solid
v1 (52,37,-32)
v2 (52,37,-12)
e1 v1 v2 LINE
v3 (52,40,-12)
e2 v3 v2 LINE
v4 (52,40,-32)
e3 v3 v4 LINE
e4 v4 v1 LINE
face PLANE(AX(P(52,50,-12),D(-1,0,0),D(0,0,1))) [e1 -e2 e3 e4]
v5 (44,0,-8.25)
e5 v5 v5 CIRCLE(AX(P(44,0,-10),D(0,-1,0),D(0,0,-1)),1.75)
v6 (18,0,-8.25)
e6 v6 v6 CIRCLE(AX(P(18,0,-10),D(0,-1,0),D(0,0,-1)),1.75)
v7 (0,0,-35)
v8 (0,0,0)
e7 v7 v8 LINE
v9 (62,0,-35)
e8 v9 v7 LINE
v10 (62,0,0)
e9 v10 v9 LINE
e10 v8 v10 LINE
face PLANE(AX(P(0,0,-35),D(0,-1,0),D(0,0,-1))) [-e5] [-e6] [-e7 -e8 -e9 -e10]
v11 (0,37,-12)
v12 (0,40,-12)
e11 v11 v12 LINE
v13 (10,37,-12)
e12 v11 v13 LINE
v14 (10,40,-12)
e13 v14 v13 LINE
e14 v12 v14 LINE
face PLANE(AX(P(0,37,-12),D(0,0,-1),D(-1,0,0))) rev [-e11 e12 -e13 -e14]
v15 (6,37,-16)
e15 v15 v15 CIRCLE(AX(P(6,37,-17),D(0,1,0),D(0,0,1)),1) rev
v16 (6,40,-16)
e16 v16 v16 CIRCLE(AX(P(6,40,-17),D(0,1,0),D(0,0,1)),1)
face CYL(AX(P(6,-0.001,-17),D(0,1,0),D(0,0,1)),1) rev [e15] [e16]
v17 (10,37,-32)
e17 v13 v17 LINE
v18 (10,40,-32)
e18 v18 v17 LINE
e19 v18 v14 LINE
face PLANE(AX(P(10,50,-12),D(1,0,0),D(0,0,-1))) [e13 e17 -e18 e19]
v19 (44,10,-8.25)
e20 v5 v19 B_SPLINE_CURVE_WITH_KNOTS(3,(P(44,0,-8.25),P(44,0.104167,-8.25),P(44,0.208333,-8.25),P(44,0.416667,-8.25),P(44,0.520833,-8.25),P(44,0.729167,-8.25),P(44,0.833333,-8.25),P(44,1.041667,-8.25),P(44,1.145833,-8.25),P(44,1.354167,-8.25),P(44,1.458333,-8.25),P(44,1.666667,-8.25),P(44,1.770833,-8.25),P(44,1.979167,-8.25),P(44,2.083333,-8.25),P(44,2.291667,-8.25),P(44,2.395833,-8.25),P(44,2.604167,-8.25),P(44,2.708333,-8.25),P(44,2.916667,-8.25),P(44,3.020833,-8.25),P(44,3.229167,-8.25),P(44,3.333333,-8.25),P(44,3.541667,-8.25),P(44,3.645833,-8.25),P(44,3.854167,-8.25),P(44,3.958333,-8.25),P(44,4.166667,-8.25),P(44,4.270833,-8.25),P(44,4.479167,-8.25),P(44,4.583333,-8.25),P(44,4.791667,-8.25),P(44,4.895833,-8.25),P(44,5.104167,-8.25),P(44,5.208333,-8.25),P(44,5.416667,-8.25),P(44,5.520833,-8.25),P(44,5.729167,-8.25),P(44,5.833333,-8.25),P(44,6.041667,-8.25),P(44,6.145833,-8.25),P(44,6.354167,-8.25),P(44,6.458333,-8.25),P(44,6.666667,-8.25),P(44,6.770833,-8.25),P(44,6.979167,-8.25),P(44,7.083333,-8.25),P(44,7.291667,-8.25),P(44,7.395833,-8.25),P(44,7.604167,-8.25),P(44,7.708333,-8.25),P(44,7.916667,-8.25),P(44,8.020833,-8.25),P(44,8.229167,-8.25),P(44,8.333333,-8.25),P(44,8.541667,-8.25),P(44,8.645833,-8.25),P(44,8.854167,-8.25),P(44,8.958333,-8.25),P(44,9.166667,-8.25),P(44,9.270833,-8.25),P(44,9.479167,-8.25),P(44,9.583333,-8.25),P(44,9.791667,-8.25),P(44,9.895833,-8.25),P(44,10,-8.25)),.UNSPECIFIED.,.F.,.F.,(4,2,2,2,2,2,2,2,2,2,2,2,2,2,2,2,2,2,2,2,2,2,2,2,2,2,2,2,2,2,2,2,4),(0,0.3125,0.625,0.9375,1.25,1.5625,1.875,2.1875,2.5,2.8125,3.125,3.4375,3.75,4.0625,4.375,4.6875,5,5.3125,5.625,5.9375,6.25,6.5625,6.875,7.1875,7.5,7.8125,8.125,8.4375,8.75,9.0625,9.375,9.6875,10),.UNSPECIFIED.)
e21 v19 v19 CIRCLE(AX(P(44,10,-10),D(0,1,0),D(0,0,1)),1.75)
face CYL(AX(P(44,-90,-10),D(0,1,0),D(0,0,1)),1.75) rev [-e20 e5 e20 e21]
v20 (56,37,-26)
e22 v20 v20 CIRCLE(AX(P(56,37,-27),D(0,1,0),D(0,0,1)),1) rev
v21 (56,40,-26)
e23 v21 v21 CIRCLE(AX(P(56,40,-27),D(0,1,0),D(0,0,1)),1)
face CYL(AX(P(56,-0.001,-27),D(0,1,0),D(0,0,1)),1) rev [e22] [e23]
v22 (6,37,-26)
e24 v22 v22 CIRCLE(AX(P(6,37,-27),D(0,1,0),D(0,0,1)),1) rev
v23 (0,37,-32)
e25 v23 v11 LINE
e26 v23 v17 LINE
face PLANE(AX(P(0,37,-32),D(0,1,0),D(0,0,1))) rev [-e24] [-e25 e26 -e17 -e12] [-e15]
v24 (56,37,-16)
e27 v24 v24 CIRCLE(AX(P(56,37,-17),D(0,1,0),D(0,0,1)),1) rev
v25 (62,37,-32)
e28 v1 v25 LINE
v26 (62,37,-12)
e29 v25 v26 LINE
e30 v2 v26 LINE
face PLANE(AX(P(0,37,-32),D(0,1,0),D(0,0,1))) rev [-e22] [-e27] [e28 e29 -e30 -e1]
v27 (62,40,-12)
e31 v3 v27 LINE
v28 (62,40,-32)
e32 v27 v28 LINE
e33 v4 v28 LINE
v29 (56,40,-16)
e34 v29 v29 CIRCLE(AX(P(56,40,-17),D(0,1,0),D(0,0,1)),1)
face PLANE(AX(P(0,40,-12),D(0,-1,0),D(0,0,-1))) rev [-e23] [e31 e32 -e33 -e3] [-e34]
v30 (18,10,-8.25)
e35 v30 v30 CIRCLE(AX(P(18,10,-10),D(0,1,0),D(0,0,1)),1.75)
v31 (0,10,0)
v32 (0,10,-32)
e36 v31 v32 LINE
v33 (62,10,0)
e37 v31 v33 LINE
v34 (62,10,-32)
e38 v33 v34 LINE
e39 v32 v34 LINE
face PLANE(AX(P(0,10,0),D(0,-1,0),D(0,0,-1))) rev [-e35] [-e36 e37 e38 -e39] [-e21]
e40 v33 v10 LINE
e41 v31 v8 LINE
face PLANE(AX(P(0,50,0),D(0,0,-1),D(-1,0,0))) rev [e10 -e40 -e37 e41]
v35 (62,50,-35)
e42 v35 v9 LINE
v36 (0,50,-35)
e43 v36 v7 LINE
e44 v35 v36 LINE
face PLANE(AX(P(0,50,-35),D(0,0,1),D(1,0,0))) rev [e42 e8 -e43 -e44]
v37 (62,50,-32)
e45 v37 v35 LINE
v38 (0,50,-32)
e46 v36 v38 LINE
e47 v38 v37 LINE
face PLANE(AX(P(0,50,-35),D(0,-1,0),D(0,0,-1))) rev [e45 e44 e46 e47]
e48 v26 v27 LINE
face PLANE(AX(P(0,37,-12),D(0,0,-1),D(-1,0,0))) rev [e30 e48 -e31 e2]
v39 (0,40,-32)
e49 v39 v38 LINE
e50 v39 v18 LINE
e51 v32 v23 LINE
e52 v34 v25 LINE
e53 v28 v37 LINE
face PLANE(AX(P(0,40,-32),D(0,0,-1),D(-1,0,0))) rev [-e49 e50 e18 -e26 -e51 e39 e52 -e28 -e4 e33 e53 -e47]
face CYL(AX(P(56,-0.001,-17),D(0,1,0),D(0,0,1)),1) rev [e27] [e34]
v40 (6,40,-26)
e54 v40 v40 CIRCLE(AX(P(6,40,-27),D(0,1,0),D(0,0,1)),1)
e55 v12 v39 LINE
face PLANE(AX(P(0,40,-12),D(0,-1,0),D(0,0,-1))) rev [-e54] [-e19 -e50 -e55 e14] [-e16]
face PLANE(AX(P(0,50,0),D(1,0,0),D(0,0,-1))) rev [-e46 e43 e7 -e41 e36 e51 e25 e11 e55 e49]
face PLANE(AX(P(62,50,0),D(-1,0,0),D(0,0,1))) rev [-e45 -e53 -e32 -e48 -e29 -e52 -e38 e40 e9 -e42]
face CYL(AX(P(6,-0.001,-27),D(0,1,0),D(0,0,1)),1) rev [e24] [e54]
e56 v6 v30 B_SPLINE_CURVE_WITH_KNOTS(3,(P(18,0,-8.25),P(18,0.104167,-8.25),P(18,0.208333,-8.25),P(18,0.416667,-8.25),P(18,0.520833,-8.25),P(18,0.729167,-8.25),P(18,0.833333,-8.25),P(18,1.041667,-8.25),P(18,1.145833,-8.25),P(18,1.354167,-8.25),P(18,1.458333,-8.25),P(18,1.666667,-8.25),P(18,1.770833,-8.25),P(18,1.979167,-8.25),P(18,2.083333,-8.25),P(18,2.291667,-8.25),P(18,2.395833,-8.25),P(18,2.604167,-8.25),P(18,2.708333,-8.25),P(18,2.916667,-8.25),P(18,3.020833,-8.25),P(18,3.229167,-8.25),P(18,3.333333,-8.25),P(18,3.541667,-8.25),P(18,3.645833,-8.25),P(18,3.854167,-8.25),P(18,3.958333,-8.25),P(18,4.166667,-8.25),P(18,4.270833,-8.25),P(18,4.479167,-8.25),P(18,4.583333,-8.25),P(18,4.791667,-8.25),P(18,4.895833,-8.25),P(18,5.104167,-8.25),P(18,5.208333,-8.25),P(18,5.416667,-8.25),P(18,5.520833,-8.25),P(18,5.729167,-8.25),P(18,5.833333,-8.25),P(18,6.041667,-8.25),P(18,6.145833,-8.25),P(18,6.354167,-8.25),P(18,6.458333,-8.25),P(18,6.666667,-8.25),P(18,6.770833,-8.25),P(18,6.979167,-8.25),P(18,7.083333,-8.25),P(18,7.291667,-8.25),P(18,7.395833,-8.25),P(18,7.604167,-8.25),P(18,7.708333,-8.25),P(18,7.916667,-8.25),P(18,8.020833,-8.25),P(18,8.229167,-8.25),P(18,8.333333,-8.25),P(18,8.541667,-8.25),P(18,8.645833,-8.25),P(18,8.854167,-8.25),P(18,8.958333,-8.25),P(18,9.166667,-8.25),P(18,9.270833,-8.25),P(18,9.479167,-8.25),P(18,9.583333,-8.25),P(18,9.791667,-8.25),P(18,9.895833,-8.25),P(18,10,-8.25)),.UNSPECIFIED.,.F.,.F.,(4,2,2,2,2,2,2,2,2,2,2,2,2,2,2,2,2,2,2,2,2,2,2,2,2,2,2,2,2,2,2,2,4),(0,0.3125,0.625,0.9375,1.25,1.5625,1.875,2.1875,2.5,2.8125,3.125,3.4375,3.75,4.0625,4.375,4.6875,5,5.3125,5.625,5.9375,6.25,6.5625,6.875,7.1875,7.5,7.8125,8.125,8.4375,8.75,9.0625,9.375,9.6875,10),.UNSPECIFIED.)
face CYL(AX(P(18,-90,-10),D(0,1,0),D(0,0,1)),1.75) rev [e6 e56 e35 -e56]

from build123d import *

# Parameters (mm, degrees)
SKETCH1_W           = 62
SKETCH1_H           = 35
BOSS_EXTRUDE1_DEPTH = 50
CUT_EXTRUDE3_DEPTH  = 88
SKETCH4_W           = 42
SKETCH4_H           = 20
CUT_EXTRUDE5_DEPTH  = 40
SKETCH5_R           = 1.75
CUT_EXTRUDE7_DEPTH  = 100
CUT_EXTRUDE8_REACH  = 83.664
SKETCH6_R           = 1


with BuildPart() as part:
    # Sketch1 → Boss-Extrude1 (new body)
    with BuildSketch(Plane(origin=(0, 0, 0), x_dir=(1, 0, 0), z_dir=(0, 1, 0))):
        with Locations((31, 17.5)):
            Rectangle(SKETCH1_W, SKETCH1_H)
    extrude(amount=BOSS_EXTRUDE1_DEPTH)

    # Sketch2 → Cut-Extrude3 (cut, through all)
    with BuildSketch(Plane(origin=(62, 0, 0), x_dir=(0, 0, -1), z_dir=(1, 0, 0))):
        Polygon((0, 10), (32, 10), (32, 37), (12, 37), (12, 40), (32, 40), (32, 50), (0, 50), align=None)
    extrude(amount=-CUT_EXTRUDE3_DEPTH, mode=Mode.SUBTRACT)

    # Sketch4 → Cut-Extrude5 (cut)
    with BuildSketch(Plane(origin=(0, 10, 0), x_dir=(1, 0, 0), z_dir=(0, 1, 0))):
        with Locations((31, 22)):
            Rectangle(SKETCH4_W, SKETCH4_H)
    extrude(amount=CUT_EXTRUDE5_DEPTH, mode=Mode.SUBTRACT)

    # Sketch5 → Cut-Extrude7 (cut)
    with BuildSketch(Plane(origin=(0, 10, 0), x_dir=(1, 0, 0), z_dir=(0, 1, 0))):
        with Locations((18, 10)):
            Circle(SKETCH5_R)
        with Locations((44, 10)):
            Circle(SKETCH5_R)
    extrude(amount=-CUT_EXTRUDE7_DEPTH, mode=Mode.SUBTRACT)

    # Sketch6 → Cut-Extrude8 (cut, up to next)
    with BuildSketch(Plane(origin=(0, 40, 0), x_dir=(1, 0, 0), z_dir=(0, 1, 0)), mode=Mode.PRIVATE) as cut_extrude8_sk1:
        with Locations((6, 27)):
            Circle(SKETCH6_R)
    cut_extrude8_tool1 = extrude(cut_extrude8_sk1.sketch, amount=-CUT_EXTRUDE8_REACH, mode=Mode.PRIVATE) & part.part
    # Sketch6 → Cut-Extrude8 (cut, up to next)
    with BuildSketch(Plane(origin=(0, 40, 0), x_dir=(1, 0, 0), z_dir=(0, 1, 0)), mode=Mode.PRIVATE) as cut_extrude8_sk2:
        with Locations((6, 17)):
            Circle(SKETCH6_R)
    cut_extrude8_tool2 = extrude(cut_extrude8_sk2.sketch, amount=-CUT_EXTRUDE8_REACH, mode=Mode.PRIVATE) & part.part
    # Sketch6 → Cut-Extrude8 (cut, up to next)
    with BuildSketch(Plane(origin=(0, 40, 0), x_dir=(1, 0, 0), z_dir=(0, 1, 0)), mode=Mode.PRIVATE) as cut_extrude8_sk3:
        with Locations((56, 17)):
            Circle(SKETCH6_R)
    cut_extrude8_tool3 = extrude(cut_extrude8_sk3.sketch, amount=-CUT_EXTRUDE8_REACH, mode=Mode.PRIVATE) & part.part
    # Sketch6 → Cut-Extrude8 (cut, up to next)
    with BuildSketch(Plane(origin=(0, 40, 0), x_dir=(1, 0, 0), z_dir=(0, 1, 0)), mode=Mode.PRIVATE) as cut_extrude8_sk4:
        with Locations((56, 27)):
            Circle(SKETCH6_R)
    cut_extrude8_tool4 = extrude(cut_extrude8_sk4.sketch, amount=-CUT_EXTRUDE8_REACH, mode=Mode.PRIVATE) & part.part
    add(cut_extrude8_tool1.solids().sort_by_distance((6, 40, -27))[0], mode=Mode.SUBTRACT)
    add(cut_extrude8_tool2.solids().sort_by_distance((6, 40, -17))[0], mode=Mode.SUBTRACT)
    add(cut_extrude8_tool3.solids().sort_by_distance((56, 40, -17))[0], mode=Mode.SUBTRACT)
    add(cut_extrude8_tool4.solids().sort_by_distance((56, 40, -27))[0], mode=Mode.SUBTRACT)


solid = part.part
